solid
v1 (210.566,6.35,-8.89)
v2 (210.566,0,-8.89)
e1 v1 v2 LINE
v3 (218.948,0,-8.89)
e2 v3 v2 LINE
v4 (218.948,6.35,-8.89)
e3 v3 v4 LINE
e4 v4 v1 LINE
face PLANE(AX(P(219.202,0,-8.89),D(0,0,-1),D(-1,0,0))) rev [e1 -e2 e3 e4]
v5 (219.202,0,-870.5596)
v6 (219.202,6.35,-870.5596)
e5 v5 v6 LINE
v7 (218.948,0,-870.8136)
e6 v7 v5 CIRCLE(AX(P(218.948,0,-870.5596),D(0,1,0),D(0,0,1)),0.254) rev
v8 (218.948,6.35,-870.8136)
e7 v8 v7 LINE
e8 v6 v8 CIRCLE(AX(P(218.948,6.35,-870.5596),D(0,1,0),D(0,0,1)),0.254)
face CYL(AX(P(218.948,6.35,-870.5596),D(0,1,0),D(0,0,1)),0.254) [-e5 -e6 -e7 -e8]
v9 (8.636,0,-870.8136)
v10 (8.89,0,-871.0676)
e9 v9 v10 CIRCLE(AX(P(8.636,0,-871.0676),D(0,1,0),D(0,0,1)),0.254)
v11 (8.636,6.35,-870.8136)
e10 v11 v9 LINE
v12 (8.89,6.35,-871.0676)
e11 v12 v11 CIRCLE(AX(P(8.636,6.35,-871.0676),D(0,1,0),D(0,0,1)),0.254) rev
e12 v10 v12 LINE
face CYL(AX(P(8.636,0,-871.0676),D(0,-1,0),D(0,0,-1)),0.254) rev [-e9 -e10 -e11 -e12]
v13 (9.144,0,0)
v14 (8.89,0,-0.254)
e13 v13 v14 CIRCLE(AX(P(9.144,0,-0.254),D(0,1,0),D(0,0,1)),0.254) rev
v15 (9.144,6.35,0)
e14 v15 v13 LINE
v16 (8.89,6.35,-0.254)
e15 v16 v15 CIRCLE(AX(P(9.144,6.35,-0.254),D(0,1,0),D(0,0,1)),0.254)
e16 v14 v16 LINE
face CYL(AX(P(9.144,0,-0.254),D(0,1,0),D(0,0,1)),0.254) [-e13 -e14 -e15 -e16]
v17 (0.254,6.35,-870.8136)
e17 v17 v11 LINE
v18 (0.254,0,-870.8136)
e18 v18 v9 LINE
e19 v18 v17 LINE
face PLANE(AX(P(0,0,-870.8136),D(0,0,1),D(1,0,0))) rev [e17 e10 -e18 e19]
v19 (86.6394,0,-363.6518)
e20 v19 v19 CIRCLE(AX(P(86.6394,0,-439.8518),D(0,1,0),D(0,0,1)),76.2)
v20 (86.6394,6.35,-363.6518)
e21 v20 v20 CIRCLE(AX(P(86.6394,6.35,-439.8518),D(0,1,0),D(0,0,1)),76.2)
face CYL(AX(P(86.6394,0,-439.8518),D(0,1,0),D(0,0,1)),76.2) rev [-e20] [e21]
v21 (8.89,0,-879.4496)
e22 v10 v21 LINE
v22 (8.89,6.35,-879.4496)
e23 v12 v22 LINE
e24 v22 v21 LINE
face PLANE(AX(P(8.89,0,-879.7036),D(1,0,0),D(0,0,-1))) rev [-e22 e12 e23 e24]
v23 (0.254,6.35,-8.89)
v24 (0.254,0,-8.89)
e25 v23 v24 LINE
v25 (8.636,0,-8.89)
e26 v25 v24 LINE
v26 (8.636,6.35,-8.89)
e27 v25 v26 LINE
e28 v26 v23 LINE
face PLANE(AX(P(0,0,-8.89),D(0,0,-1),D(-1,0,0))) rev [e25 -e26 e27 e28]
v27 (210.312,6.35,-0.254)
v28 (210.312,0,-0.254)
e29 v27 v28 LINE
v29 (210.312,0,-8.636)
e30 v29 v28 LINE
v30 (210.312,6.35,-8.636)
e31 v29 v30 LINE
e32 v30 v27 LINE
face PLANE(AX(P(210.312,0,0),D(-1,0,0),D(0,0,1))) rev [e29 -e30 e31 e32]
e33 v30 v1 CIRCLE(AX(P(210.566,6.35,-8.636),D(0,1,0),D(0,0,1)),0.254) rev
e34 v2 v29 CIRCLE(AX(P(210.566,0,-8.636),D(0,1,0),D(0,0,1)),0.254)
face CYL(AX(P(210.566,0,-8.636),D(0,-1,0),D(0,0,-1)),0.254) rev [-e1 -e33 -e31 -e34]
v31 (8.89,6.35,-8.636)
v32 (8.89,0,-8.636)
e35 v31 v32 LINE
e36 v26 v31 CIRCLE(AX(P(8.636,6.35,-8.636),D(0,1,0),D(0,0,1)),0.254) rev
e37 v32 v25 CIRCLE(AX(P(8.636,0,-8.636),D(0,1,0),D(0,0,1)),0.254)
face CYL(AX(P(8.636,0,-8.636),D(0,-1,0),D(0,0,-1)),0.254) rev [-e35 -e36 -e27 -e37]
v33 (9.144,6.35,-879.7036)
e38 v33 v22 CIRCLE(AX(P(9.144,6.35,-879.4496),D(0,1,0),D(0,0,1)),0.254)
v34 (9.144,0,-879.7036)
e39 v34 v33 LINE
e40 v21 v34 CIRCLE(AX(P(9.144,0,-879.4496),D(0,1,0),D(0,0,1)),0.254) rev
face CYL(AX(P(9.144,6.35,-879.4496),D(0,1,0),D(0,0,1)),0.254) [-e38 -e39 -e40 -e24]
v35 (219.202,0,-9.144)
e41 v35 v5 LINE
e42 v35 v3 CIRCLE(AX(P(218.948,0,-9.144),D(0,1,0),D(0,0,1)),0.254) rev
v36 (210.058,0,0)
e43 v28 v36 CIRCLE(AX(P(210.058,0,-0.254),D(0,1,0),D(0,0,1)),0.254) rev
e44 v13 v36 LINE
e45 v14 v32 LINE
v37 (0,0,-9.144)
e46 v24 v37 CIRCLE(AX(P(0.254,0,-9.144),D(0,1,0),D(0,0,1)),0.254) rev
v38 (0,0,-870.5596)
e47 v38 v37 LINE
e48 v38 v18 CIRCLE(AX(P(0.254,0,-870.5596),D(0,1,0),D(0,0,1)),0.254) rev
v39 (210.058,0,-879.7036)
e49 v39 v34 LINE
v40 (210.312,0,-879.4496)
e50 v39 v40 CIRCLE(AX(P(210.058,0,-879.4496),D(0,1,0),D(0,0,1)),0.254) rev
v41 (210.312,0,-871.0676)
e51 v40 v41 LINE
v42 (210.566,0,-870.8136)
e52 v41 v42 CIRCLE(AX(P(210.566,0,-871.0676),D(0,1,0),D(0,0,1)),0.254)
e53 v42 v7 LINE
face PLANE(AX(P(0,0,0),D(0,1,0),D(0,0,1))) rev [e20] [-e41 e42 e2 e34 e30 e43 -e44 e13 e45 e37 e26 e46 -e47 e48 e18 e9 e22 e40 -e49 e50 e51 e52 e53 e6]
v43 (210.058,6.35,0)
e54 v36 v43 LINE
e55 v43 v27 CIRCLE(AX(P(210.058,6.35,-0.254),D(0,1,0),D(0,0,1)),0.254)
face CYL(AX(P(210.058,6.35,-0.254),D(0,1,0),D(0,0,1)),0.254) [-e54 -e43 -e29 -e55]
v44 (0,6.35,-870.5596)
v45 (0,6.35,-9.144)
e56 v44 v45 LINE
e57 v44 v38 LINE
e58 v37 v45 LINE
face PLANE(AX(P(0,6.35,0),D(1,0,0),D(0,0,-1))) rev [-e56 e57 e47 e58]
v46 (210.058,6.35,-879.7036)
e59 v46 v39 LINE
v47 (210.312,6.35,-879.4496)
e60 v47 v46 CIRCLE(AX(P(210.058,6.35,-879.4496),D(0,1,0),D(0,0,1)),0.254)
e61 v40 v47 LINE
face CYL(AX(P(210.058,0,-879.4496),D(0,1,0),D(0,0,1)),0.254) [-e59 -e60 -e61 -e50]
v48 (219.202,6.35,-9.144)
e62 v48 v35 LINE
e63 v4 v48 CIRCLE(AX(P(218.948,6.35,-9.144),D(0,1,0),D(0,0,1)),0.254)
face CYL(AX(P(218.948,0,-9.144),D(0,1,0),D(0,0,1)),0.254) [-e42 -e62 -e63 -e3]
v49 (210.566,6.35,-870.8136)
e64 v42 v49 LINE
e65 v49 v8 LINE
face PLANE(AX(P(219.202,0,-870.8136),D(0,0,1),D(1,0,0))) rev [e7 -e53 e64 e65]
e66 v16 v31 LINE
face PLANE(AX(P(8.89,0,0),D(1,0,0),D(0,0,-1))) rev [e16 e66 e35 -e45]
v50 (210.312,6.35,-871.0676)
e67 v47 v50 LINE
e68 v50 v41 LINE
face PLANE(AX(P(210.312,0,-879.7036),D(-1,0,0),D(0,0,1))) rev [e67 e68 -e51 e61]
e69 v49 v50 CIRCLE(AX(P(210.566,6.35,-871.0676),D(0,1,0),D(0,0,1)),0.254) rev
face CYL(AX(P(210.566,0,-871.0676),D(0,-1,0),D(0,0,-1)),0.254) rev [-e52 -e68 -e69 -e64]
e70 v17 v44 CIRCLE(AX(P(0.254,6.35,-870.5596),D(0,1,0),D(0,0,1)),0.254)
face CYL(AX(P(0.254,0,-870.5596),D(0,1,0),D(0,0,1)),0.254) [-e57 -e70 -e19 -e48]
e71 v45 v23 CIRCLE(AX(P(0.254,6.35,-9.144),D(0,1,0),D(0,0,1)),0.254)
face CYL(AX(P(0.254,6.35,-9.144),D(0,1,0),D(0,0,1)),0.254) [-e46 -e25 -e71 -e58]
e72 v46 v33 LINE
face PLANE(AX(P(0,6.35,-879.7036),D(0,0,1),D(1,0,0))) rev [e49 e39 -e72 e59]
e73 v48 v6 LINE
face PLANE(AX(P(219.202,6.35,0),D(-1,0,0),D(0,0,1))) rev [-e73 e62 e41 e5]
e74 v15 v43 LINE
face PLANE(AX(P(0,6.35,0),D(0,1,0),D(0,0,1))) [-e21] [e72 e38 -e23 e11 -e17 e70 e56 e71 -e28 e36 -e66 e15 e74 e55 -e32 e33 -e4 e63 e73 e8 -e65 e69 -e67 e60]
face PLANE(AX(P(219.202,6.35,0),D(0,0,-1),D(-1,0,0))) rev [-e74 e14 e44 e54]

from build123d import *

# Parameters (mm, degrees)
SKETCH1_W           = 219.202
SKETCH1_H           = 879.7036
BOSS_EXTRUDE1_DEPTH = 6.35
SKETCH4_R           = 76.2
SKETCH4_W           = 8.89
SKETCH4_H           = 8.89
CUT_EXTRUDE3_DEPTH  = 907.624653954
FILLET1_R           = 0.254


with BuildPart() as part:
    # Sketch1 → Boss-Extrude1 (new body)
    with BuildSketch(Plane(origin=(0, 0, 0), x_dir=(1, 0, 0), z_dir=(0, 1, 0))):
        with Locations((109.601, 439.8518)):
            Rectangle(SKETCH1_W, SKETCH1_H)
    extrude(amount=BOSS_EXTRUDE1_DEPTH)

    # Sketch4 → Cut-Extrude3 (cut, through all)
    with BuildSketch(Plane(origin=(0, 6.35, 0), x_dir=(1, 0, 0), z_dir=(0, 1, 0))):
        with Locations(Location((86.6394, 439.8518, 0), (0, 0, 270))):
            Circle(SKETCH4_R)
        with Locations((4.445, 4.445)):
            Rectangle(SKETCH4_W, SKETCH4_H)
        with Locations((214.757, 4.445)):
            Rectangle(SKETCH4_W, SKETCH4_H)
        with Locations((214.757, 875.2586)):
            Rectangle(SKETCH4_W, SKETCH4_H)
        with Locations((4.445, 875.2586)):
            Rectangle(SKETCH4_W, SKETCH4_H)
    extrude(amount=-CUT_EXTRUDE3_DEPTH, mode=Mode.SUBTRACT)

    # Fillet1
    fillet1_edges = [part.edges().sort_by_distance(p)[0] for p in [
        (0, 3.175, -870.8136),
        (8.89, 3.175, -879.7036),
        (8.89, 3.175, -870.8136),
        (219.202, 3.175, -870.8136),
        (210.312, 3.175, -870.8136),
        (210.312, 3.175, -879.7036),
        (219.202, 3.175, -8.89),
        (210.312, 3.175, 0),
        (210.312, 3.175, -8.89),
        (0, 3.175, -8.89),
        (8.89, 3.175, -8.89),
        (8.89, 3.175, 0),
    ]]
    fillet(fillet1_edges, radius=FILLET1_R)


solid = part.part
